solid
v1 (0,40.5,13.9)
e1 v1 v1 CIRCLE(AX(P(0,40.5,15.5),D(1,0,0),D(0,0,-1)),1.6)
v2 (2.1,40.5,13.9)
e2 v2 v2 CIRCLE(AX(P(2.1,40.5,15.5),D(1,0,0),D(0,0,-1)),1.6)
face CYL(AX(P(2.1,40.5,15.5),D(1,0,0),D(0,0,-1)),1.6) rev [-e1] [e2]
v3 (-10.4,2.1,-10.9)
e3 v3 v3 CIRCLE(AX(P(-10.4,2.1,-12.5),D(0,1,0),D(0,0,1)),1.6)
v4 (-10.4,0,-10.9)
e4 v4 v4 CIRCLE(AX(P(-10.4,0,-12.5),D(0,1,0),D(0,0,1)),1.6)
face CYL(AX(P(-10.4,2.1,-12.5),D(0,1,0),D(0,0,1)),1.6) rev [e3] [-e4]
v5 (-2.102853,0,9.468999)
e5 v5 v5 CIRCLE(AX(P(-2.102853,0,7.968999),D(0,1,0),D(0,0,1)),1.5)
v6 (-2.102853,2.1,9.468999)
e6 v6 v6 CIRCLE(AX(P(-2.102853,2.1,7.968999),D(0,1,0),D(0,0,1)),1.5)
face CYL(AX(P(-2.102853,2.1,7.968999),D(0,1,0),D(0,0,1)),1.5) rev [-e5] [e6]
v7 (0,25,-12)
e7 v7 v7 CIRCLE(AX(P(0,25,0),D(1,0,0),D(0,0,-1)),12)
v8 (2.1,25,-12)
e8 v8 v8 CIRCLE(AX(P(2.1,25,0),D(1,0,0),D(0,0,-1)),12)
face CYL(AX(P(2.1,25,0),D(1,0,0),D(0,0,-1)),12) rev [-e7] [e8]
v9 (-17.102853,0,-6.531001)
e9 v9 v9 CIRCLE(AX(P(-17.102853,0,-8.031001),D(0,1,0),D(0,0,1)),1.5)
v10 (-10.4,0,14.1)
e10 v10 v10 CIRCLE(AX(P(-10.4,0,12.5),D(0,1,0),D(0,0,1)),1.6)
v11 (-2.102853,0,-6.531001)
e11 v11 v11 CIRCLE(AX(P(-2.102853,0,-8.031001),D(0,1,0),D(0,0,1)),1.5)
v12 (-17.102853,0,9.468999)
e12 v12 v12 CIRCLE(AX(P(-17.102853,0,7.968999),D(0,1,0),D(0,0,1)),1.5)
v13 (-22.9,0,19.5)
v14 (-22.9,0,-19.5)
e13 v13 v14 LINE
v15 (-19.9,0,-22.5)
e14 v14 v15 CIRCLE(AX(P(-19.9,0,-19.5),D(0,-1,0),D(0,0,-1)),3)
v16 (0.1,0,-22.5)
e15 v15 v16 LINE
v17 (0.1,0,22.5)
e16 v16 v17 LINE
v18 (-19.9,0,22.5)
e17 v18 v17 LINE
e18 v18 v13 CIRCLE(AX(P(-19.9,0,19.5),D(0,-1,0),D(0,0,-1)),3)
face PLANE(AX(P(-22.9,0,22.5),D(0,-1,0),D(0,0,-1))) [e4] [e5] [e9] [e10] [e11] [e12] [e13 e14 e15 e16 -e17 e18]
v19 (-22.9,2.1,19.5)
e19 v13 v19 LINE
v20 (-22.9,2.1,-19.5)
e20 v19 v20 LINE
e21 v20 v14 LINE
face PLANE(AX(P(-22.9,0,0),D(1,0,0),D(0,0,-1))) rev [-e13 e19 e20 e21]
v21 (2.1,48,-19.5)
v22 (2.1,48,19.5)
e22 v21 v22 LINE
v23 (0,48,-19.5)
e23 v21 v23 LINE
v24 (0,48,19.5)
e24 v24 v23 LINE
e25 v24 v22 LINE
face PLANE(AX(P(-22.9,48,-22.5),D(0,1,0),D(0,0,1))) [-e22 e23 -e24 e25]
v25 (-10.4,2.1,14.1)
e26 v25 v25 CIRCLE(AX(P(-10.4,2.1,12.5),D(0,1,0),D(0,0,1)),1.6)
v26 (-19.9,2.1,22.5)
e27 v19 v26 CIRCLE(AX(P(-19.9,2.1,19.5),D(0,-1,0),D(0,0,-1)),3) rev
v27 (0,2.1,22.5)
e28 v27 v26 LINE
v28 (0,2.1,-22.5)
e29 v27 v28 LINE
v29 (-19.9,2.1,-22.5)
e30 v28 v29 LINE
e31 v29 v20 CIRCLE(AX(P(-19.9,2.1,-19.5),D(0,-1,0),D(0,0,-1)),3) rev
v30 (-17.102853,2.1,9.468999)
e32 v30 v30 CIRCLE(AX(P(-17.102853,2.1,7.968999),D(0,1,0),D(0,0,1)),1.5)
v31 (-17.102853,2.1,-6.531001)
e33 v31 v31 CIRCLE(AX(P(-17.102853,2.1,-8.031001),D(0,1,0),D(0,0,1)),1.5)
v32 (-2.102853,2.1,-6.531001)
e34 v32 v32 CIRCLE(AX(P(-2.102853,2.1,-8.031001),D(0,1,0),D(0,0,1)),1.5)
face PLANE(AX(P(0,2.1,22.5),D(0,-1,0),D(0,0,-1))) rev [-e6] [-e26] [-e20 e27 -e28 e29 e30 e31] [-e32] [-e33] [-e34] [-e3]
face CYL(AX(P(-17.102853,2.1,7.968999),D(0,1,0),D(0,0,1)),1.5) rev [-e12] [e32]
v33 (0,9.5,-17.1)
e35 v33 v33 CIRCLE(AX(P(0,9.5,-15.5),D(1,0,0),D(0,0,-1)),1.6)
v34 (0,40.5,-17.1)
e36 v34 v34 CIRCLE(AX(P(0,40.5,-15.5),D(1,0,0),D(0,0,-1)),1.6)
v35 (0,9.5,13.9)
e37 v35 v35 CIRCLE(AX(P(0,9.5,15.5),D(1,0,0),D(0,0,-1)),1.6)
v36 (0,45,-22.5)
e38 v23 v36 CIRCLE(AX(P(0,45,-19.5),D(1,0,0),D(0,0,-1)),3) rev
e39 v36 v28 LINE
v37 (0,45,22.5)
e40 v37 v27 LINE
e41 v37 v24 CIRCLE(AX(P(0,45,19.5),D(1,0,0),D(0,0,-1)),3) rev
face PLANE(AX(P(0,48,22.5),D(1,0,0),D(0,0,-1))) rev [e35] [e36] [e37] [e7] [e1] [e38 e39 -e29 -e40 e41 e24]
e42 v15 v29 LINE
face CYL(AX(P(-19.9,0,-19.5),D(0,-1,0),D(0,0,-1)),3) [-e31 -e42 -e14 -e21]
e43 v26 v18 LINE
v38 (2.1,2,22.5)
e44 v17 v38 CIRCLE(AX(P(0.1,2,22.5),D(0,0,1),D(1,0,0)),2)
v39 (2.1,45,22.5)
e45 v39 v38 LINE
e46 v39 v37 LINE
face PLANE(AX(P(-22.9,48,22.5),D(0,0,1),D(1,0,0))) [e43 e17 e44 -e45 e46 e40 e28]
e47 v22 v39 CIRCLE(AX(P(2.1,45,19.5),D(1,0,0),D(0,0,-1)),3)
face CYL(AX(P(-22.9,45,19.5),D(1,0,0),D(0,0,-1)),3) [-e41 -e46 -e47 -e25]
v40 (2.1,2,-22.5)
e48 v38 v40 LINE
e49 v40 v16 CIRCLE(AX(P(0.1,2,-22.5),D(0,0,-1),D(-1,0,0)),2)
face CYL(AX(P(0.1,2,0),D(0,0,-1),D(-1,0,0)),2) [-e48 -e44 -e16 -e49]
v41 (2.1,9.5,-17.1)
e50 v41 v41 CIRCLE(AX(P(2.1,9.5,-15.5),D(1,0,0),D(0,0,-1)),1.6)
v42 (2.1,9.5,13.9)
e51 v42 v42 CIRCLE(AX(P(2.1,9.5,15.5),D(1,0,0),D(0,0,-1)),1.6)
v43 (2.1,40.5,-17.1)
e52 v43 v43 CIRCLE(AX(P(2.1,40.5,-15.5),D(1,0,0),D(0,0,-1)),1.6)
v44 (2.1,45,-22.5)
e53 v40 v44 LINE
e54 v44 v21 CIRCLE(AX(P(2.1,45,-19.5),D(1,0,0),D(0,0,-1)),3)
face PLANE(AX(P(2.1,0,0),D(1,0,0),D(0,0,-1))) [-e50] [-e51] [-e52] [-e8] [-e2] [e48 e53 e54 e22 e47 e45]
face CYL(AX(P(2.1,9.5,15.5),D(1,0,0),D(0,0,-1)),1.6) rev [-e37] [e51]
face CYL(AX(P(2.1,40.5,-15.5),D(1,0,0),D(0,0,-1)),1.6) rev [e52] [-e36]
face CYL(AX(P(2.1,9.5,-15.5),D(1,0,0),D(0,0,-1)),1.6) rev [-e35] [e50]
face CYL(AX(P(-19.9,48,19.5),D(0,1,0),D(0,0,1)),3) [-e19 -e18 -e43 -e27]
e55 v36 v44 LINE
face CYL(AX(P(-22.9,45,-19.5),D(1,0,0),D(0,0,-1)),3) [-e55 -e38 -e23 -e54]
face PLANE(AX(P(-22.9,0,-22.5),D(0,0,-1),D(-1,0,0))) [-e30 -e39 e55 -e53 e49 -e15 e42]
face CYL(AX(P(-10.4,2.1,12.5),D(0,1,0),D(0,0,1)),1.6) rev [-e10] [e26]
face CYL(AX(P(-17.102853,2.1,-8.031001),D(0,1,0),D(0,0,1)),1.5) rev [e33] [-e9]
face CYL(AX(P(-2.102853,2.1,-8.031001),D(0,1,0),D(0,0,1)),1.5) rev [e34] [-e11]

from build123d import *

# Parameters (mm, degrees)
SKETCH1_W                      = 45
SKETCH1_H                      = 48
BOSS_EXTRUDE1_DEPTH            = 25
SKETCH2_W                      = 22.9
SKETCH2_H                      = 45.9
CUT_EXTRUDE1_DEPTH             = 70.666419457
F_24_0_24_DIAMETER_HOLE1_D     = 24
F_24_0_24_DIAMETER_HOLE1_DEPTH = 25
F_3_2_3_2_DIAMETER_HOLE1_D     = 3.2
F_3_2_3_2_DIAMETER_HOLE1_DEPTH = 25
F_3_2_3_2_DIAMETER_HOLE2_D     = 3.2
FILLET1_R                      = 2
FILLET2_R                      = 3
F_3_0_3_DIAMETER_HOLE1_D       = 3


with BuildPart() as part:
    # Sketch1 → Boss-Extrude1 (new body)
    with BuildSketch(Plane(origin=(2.1, 0, 0), x_dir=(0, 0, -1), z_dir=(1, 0, 0))):
        with Locations((0, 24)):
            Rectangle(SKETCH1_W, SKETCH1_H)
    extrude(amount=-BOSS_EXTRUDE1_DEPTH)

    # Sketch2 → Cut-Extrude1 (cut, through all)
    with BuildSketch(Plane(origin=(0, 0, -22.5), x_dir=(-1, 0, 0), z_dir=(0, 0, -1))):
        with Locations((11.45, 25.05)):
            Rectangle(SKETCH2_W, SKETCH2_H)
    extrude(amount=-CUT_EXTRUDE1_DEPTH, mode=Mode.SUBTRACT)

    # Ø24.0 (24) Diameter Hole1
    with Locations(Plane(origin=(2.1, 0, 0), x_dir=(0, 0, -1), z_dir=(1, 0, 0))):
        with Locations((0, 25)):
            Hole(F_24_0_24_DIAMETER_HOLE1_D / 2, depth=F_24_0_24_DIAMETER_HOLE1_DEPTH)

    # Ø3.2 (3.2) Diameter Hole1
    with Locations(Plane(origin=(2.1, 0, 0), x_dir=(0, 0, -1), z_dir=(1, 0, 0))):
        with Locations((15.5, 9.5), (-15.5, 40.5), (15.5, 40.5), (-15.5, 9.5)):
            Hole(F_3_2_3_2_DIAMETER_HOLE1_D / 2, depth=F_3_2_3_2_DIAMETER_HOLE1_DEPTH)

    # Ø3.2 (3.2) Diameter Hole2 (through all)
    with Locations(Plane(origin=(0, 2.1, 0), x_dir=(1, 0, 0), z_dir=(0, 1, 0))):
        with Locations((-10.4, 12.5), (-10.4, -12.5)):
            Hole(F_3_2_3_2_DIAMETER_HOLE2_D / 2)

    # Fillet1
    fillet1_edges = [part.edges().sort_by_distance(p)[0] for p in [
        (2.1, 0, 0),
    ]]
    fillet(fillet1_edges, radius=FILLET1_R)

    # Fillet2
    fillet2_edges = [part.edges().sort_by_distance(p)[0] for p in [
        (-22.9, 1.05, 22.5),
        (1.05, 48, -22.5),
        (1.05, 48, 22.5),
        (-22.9, 1.05, -22.5),
    ]]
    fillet(fillet2_edges, radius=FILLET2_R)

    # Ø3.0 (3) Diameter Hole1 (through all)
    with Locations(Plane(origin=(0, 2.1, 0), x_dir=(1, 0, 0), z_dir=(0, 1, 0))):
        with Locations((-2.10285259, 8.031001386), (-2.10285259, -7.968998614), (-17.10285259, 8.031001386), (-17.10285259, -7.968998614)):
            Hole(F_3_0_3_DIAMETER_HOLE1_D / 2)


solid = part.part
